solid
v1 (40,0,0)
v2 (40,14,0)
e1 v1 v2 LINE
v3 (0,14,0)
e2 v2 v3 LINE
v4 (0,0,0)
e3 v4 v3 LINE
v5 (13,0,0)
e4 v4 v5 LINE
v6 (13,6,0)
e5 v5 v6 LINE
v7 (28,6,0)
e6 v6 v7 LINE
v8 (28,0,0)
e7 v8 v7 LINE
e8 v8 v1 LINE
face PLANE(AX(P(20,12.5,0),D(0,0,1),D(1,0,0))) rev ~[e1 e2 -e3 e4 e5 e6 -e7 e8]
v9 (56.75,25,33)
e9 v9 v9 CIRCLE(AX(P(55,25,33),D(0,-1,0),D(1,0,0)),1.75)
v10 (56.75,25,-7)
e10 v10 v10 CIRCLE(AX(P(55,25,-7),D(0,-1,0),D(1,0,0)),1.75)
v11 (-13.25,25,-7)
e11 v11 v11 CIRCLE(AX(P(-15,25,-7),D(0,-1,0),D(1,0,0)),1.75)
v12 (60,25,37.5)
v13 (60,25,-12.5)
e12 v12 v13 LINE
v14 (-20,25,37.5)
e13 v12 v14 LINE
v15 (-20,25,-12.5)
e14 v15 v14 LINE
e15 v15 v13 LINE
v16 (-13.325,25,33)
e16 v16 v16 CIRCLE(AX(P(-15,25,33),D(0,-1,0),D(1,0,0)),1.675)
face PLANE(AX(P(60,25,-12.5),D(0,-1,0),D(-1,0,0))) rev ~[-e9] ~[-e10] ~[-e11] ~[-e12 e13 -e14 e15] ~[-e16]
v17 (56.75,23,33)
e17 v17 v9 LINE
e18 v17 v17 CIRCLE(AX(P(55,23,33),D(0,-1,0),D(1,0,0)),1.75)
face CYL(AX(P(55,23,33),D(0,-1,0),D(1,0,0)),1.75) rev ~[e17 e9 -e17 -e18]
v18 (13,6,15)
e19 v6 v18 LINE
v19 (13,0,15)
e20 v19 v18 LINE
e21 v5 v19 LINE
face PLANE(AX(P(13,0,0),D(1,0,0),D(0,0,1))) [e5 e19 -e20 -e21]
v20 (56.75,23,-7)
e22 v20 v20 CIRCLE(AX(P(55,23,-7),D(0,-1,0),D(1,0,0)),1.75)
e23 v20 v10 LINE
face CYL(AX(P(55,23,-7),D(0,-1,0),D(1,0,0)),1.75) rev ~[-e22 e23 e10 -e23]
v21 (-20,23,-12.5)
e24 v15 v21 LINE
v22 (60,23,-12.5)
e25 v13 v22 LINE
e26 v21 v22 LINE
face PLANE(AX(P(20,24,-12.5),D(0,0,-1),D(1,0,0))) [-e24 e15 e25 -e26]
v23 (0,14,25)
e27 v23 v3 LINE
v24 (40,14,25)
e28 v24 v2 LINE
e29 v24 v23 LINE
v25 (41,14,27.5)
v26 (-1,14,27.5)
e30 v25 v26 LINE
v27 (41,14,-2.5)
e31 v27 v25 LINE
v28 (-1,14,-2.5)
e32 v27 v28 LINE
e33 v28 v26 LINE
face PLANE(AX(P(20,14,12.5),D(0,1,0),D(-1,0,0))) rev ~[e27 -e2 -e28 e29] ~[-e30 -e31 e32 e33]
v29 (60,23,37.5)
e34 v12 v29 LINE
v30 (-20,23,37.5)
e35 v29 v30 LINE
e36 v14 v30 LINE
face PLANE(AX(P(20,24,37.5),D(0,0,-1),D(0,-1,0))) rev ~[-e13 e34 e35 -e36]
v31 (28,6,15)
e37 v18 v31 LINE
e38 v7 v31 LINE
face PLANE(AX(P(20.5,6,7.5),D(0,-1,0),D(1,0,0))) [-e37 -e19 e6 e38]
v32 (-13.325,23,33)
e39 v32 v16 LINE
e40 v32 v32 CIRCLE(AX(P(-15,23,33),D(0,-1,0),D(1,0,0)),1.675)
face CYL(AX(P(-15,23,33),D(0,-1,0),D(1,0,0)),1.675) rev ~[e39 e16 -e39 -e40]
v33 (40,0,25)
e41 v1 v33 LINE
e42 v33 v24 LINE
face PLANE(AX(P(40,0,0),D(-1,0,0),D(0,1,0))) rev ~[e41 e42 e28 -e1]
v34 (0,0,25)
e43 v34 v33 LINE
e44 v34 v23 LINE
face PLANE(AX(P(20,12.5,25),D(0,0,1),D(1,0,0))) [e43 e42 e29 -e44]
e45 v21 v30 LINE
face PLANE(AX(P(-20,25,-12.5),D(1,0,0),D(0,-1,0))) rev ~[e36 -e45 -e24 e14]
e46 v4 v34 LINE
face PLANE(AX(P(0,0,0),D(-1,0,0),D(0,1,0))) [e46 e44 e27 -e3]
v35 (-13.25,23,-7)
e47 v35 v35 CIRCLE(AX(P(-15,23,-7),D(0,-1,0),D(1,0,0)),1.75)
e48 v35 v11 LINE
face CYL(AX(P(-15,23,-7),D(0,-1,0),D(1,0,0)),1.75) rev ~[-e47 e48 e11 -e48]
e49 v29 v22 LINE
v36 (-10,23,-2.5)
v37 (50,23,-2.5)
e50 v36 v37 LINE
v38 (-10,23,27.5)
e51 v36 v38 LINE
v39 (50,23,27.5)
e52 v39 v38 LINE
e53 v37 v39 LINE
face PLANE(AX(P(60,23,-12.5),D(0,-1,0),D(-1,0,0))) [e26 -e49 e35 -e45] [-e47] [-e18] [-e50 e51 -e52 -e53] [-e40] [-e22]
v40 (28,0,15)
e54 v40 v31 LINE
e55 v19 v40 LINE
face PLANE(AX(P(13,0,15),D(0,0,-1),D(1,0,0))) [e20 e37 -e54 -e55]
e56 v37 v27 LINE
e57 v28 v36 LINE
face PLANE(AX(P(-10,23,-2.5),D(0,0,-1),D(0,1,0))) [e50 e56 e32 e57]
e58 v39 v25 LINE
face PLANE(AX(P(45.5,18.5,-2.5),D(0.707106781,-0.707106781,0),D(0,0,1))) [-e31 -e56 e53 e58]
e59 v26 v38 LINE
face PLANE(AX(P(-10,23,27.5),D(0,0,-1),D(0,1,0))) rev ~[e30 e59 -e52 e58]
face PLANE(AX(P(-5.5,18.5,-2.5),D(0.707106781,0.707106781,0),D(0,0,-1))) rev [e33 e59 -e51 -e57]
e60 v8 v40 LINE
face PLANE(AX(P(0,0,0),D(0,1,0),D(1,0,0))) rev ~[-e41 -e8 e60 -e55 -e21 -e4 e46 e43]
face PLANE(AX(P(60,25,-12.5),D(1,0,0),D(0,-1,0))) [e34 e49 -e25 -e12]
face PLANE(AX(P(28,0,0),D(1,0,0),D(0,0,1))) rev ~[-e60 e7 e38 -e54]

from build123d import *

# Parameters (mm, degrees)
SKETCH_W         = 40
SKETCH_H         = 25
PAD_DEPTH        = 25
SKETCH002_W      = 15
SKETCH002_H      = 15
POCKET_DEPTH     = 6
SKETCH003_W      = 60
SKETCH003_H      = 30
PAD001_DEPTH     = 11
CHAMFER_SIZE     = 9
CHAMFER_FACE12_W = 2
CHAMFER_FACE12_H = 30
PAD002_DEPTH     = 10
PAD002_FACE10_W  = 2
PAD002_FACE10_H  = 30
PAD003_DEPTH     = 10
SKETCH004_W      = 80
SKETCH004_H      = 2
PAD004_DEPTH     = 10
PAD004_FACE23_W  = 2
PAD004_FACE23_H  = 80
PAD005_DEPTH     = 50
SKETCH005_R      = 1.675
SKETCH005_R_2    = 1.75
POCKET001_DEPTH  = 5


with BuildPart() as part:
    # Sketch → Pad (new body)
    with BuildSketch(Plane.XY):
        with Locations((20, 12.5)):
            Rectangle(SKETCH_W, SKETCH_H)
    extrude(amount=PAD_DEPTH)

    # Sketch002 (on Face1 of Pad) → Pocket (cut)
    with BuildSketch(Plane.XZ):
        with Locations((20.5, 7.5)):
            Rectangle(SKETCH002_W, SKETCH002_H)
    extrude(amount=-POCKET_DEPTH, mode=Mode.SUBTRACT)

    # Sketch003 (on Face9 of Pocket) → Pad001 (join)
    with BuildSketch(Plane(origin=(0, 25, 0), x_dir=(-1, 0, 0), z_dir=(0, 1, 0))):
        with Locations((-20, 12.5)):
            Rectangle(SKETCH003_W, SKETCH003_H)
    extrude(amount=-PAD001_DEPTH)

    # Chamfer
    chamfer_edges = [part.edges().sort_by_distance(p)[0] for p in [
        (-10, 14, 12.5),
        (50, 14, 12.5),
    ]]
    chamfer(chamfer_edges, length=CHAMFER_SIZE)

    # Chamfer Face12 → Pad002 (add)
    with BuildSketch(Plane(origin=(50, 24, 12.5), x_dir=(0, -1, 0), z_dir=(1, 0, 0))):
        Rectangle(CHAMFER_FACE12_W, CHAMFER_FACE12_H)
    extrude(amount=PAD002_DEPTH)

    # Pad002 Face10 → Pad003 (add)
    with BuildSketch(Plane(origin=(-10, 24, 12.5), x_dir=(0, 1, 0), z_dir=(-1, 0, 0))):
        Rectangle(PAD002_FACE10_W, PAD002_FACE10_H)
    extrude(amount=PAD003_DEPTH)

    # Sketch004 (on Face18 of Pad003) → Pad004 (join)
    with BuildSketch(Plane(origin=(0, 0, -2.5), x_dir=(1, 0, 0), z_dir=(0, 0, -1))):
        with Locations((20, -24)):
            Rectangle(SKETCH004_W, SKETCH004_H)
    extrude(amount=PAD004_DEPTH)

    # Pad004 Face23 → Pad005 (add)
    with BuildSketch(Plane(origin=(20, 24, -12.5), x_dir=(0, -1, 0), z_dir=(0, 0, -1))):
        Rectangle(PAD004_FACE23_W, PAD004_FACE23_H)
    extrude(amount=-PAD005_DEPTH)

    # Sketch005 (on Face2 of Pad005) → Pocket001 (cut)
    with BuildSketch(Plane.XZ.offset(-23)):
        with Locations((-15, 33)):
            Circle(SKETCH005_R)
        with Locations((-15, -7)):
            Circle(SKETCH005_R_2)
        with Locations((55, 33)):
            Circle(SKETCH005_R_2)
        with Locations((55, -7)):
            Circle(SKETCH005_R_2)
    extrude(amount=-POCKET001_DEPTH, mode=Mode.SUBTRACT)


solid = part.part
